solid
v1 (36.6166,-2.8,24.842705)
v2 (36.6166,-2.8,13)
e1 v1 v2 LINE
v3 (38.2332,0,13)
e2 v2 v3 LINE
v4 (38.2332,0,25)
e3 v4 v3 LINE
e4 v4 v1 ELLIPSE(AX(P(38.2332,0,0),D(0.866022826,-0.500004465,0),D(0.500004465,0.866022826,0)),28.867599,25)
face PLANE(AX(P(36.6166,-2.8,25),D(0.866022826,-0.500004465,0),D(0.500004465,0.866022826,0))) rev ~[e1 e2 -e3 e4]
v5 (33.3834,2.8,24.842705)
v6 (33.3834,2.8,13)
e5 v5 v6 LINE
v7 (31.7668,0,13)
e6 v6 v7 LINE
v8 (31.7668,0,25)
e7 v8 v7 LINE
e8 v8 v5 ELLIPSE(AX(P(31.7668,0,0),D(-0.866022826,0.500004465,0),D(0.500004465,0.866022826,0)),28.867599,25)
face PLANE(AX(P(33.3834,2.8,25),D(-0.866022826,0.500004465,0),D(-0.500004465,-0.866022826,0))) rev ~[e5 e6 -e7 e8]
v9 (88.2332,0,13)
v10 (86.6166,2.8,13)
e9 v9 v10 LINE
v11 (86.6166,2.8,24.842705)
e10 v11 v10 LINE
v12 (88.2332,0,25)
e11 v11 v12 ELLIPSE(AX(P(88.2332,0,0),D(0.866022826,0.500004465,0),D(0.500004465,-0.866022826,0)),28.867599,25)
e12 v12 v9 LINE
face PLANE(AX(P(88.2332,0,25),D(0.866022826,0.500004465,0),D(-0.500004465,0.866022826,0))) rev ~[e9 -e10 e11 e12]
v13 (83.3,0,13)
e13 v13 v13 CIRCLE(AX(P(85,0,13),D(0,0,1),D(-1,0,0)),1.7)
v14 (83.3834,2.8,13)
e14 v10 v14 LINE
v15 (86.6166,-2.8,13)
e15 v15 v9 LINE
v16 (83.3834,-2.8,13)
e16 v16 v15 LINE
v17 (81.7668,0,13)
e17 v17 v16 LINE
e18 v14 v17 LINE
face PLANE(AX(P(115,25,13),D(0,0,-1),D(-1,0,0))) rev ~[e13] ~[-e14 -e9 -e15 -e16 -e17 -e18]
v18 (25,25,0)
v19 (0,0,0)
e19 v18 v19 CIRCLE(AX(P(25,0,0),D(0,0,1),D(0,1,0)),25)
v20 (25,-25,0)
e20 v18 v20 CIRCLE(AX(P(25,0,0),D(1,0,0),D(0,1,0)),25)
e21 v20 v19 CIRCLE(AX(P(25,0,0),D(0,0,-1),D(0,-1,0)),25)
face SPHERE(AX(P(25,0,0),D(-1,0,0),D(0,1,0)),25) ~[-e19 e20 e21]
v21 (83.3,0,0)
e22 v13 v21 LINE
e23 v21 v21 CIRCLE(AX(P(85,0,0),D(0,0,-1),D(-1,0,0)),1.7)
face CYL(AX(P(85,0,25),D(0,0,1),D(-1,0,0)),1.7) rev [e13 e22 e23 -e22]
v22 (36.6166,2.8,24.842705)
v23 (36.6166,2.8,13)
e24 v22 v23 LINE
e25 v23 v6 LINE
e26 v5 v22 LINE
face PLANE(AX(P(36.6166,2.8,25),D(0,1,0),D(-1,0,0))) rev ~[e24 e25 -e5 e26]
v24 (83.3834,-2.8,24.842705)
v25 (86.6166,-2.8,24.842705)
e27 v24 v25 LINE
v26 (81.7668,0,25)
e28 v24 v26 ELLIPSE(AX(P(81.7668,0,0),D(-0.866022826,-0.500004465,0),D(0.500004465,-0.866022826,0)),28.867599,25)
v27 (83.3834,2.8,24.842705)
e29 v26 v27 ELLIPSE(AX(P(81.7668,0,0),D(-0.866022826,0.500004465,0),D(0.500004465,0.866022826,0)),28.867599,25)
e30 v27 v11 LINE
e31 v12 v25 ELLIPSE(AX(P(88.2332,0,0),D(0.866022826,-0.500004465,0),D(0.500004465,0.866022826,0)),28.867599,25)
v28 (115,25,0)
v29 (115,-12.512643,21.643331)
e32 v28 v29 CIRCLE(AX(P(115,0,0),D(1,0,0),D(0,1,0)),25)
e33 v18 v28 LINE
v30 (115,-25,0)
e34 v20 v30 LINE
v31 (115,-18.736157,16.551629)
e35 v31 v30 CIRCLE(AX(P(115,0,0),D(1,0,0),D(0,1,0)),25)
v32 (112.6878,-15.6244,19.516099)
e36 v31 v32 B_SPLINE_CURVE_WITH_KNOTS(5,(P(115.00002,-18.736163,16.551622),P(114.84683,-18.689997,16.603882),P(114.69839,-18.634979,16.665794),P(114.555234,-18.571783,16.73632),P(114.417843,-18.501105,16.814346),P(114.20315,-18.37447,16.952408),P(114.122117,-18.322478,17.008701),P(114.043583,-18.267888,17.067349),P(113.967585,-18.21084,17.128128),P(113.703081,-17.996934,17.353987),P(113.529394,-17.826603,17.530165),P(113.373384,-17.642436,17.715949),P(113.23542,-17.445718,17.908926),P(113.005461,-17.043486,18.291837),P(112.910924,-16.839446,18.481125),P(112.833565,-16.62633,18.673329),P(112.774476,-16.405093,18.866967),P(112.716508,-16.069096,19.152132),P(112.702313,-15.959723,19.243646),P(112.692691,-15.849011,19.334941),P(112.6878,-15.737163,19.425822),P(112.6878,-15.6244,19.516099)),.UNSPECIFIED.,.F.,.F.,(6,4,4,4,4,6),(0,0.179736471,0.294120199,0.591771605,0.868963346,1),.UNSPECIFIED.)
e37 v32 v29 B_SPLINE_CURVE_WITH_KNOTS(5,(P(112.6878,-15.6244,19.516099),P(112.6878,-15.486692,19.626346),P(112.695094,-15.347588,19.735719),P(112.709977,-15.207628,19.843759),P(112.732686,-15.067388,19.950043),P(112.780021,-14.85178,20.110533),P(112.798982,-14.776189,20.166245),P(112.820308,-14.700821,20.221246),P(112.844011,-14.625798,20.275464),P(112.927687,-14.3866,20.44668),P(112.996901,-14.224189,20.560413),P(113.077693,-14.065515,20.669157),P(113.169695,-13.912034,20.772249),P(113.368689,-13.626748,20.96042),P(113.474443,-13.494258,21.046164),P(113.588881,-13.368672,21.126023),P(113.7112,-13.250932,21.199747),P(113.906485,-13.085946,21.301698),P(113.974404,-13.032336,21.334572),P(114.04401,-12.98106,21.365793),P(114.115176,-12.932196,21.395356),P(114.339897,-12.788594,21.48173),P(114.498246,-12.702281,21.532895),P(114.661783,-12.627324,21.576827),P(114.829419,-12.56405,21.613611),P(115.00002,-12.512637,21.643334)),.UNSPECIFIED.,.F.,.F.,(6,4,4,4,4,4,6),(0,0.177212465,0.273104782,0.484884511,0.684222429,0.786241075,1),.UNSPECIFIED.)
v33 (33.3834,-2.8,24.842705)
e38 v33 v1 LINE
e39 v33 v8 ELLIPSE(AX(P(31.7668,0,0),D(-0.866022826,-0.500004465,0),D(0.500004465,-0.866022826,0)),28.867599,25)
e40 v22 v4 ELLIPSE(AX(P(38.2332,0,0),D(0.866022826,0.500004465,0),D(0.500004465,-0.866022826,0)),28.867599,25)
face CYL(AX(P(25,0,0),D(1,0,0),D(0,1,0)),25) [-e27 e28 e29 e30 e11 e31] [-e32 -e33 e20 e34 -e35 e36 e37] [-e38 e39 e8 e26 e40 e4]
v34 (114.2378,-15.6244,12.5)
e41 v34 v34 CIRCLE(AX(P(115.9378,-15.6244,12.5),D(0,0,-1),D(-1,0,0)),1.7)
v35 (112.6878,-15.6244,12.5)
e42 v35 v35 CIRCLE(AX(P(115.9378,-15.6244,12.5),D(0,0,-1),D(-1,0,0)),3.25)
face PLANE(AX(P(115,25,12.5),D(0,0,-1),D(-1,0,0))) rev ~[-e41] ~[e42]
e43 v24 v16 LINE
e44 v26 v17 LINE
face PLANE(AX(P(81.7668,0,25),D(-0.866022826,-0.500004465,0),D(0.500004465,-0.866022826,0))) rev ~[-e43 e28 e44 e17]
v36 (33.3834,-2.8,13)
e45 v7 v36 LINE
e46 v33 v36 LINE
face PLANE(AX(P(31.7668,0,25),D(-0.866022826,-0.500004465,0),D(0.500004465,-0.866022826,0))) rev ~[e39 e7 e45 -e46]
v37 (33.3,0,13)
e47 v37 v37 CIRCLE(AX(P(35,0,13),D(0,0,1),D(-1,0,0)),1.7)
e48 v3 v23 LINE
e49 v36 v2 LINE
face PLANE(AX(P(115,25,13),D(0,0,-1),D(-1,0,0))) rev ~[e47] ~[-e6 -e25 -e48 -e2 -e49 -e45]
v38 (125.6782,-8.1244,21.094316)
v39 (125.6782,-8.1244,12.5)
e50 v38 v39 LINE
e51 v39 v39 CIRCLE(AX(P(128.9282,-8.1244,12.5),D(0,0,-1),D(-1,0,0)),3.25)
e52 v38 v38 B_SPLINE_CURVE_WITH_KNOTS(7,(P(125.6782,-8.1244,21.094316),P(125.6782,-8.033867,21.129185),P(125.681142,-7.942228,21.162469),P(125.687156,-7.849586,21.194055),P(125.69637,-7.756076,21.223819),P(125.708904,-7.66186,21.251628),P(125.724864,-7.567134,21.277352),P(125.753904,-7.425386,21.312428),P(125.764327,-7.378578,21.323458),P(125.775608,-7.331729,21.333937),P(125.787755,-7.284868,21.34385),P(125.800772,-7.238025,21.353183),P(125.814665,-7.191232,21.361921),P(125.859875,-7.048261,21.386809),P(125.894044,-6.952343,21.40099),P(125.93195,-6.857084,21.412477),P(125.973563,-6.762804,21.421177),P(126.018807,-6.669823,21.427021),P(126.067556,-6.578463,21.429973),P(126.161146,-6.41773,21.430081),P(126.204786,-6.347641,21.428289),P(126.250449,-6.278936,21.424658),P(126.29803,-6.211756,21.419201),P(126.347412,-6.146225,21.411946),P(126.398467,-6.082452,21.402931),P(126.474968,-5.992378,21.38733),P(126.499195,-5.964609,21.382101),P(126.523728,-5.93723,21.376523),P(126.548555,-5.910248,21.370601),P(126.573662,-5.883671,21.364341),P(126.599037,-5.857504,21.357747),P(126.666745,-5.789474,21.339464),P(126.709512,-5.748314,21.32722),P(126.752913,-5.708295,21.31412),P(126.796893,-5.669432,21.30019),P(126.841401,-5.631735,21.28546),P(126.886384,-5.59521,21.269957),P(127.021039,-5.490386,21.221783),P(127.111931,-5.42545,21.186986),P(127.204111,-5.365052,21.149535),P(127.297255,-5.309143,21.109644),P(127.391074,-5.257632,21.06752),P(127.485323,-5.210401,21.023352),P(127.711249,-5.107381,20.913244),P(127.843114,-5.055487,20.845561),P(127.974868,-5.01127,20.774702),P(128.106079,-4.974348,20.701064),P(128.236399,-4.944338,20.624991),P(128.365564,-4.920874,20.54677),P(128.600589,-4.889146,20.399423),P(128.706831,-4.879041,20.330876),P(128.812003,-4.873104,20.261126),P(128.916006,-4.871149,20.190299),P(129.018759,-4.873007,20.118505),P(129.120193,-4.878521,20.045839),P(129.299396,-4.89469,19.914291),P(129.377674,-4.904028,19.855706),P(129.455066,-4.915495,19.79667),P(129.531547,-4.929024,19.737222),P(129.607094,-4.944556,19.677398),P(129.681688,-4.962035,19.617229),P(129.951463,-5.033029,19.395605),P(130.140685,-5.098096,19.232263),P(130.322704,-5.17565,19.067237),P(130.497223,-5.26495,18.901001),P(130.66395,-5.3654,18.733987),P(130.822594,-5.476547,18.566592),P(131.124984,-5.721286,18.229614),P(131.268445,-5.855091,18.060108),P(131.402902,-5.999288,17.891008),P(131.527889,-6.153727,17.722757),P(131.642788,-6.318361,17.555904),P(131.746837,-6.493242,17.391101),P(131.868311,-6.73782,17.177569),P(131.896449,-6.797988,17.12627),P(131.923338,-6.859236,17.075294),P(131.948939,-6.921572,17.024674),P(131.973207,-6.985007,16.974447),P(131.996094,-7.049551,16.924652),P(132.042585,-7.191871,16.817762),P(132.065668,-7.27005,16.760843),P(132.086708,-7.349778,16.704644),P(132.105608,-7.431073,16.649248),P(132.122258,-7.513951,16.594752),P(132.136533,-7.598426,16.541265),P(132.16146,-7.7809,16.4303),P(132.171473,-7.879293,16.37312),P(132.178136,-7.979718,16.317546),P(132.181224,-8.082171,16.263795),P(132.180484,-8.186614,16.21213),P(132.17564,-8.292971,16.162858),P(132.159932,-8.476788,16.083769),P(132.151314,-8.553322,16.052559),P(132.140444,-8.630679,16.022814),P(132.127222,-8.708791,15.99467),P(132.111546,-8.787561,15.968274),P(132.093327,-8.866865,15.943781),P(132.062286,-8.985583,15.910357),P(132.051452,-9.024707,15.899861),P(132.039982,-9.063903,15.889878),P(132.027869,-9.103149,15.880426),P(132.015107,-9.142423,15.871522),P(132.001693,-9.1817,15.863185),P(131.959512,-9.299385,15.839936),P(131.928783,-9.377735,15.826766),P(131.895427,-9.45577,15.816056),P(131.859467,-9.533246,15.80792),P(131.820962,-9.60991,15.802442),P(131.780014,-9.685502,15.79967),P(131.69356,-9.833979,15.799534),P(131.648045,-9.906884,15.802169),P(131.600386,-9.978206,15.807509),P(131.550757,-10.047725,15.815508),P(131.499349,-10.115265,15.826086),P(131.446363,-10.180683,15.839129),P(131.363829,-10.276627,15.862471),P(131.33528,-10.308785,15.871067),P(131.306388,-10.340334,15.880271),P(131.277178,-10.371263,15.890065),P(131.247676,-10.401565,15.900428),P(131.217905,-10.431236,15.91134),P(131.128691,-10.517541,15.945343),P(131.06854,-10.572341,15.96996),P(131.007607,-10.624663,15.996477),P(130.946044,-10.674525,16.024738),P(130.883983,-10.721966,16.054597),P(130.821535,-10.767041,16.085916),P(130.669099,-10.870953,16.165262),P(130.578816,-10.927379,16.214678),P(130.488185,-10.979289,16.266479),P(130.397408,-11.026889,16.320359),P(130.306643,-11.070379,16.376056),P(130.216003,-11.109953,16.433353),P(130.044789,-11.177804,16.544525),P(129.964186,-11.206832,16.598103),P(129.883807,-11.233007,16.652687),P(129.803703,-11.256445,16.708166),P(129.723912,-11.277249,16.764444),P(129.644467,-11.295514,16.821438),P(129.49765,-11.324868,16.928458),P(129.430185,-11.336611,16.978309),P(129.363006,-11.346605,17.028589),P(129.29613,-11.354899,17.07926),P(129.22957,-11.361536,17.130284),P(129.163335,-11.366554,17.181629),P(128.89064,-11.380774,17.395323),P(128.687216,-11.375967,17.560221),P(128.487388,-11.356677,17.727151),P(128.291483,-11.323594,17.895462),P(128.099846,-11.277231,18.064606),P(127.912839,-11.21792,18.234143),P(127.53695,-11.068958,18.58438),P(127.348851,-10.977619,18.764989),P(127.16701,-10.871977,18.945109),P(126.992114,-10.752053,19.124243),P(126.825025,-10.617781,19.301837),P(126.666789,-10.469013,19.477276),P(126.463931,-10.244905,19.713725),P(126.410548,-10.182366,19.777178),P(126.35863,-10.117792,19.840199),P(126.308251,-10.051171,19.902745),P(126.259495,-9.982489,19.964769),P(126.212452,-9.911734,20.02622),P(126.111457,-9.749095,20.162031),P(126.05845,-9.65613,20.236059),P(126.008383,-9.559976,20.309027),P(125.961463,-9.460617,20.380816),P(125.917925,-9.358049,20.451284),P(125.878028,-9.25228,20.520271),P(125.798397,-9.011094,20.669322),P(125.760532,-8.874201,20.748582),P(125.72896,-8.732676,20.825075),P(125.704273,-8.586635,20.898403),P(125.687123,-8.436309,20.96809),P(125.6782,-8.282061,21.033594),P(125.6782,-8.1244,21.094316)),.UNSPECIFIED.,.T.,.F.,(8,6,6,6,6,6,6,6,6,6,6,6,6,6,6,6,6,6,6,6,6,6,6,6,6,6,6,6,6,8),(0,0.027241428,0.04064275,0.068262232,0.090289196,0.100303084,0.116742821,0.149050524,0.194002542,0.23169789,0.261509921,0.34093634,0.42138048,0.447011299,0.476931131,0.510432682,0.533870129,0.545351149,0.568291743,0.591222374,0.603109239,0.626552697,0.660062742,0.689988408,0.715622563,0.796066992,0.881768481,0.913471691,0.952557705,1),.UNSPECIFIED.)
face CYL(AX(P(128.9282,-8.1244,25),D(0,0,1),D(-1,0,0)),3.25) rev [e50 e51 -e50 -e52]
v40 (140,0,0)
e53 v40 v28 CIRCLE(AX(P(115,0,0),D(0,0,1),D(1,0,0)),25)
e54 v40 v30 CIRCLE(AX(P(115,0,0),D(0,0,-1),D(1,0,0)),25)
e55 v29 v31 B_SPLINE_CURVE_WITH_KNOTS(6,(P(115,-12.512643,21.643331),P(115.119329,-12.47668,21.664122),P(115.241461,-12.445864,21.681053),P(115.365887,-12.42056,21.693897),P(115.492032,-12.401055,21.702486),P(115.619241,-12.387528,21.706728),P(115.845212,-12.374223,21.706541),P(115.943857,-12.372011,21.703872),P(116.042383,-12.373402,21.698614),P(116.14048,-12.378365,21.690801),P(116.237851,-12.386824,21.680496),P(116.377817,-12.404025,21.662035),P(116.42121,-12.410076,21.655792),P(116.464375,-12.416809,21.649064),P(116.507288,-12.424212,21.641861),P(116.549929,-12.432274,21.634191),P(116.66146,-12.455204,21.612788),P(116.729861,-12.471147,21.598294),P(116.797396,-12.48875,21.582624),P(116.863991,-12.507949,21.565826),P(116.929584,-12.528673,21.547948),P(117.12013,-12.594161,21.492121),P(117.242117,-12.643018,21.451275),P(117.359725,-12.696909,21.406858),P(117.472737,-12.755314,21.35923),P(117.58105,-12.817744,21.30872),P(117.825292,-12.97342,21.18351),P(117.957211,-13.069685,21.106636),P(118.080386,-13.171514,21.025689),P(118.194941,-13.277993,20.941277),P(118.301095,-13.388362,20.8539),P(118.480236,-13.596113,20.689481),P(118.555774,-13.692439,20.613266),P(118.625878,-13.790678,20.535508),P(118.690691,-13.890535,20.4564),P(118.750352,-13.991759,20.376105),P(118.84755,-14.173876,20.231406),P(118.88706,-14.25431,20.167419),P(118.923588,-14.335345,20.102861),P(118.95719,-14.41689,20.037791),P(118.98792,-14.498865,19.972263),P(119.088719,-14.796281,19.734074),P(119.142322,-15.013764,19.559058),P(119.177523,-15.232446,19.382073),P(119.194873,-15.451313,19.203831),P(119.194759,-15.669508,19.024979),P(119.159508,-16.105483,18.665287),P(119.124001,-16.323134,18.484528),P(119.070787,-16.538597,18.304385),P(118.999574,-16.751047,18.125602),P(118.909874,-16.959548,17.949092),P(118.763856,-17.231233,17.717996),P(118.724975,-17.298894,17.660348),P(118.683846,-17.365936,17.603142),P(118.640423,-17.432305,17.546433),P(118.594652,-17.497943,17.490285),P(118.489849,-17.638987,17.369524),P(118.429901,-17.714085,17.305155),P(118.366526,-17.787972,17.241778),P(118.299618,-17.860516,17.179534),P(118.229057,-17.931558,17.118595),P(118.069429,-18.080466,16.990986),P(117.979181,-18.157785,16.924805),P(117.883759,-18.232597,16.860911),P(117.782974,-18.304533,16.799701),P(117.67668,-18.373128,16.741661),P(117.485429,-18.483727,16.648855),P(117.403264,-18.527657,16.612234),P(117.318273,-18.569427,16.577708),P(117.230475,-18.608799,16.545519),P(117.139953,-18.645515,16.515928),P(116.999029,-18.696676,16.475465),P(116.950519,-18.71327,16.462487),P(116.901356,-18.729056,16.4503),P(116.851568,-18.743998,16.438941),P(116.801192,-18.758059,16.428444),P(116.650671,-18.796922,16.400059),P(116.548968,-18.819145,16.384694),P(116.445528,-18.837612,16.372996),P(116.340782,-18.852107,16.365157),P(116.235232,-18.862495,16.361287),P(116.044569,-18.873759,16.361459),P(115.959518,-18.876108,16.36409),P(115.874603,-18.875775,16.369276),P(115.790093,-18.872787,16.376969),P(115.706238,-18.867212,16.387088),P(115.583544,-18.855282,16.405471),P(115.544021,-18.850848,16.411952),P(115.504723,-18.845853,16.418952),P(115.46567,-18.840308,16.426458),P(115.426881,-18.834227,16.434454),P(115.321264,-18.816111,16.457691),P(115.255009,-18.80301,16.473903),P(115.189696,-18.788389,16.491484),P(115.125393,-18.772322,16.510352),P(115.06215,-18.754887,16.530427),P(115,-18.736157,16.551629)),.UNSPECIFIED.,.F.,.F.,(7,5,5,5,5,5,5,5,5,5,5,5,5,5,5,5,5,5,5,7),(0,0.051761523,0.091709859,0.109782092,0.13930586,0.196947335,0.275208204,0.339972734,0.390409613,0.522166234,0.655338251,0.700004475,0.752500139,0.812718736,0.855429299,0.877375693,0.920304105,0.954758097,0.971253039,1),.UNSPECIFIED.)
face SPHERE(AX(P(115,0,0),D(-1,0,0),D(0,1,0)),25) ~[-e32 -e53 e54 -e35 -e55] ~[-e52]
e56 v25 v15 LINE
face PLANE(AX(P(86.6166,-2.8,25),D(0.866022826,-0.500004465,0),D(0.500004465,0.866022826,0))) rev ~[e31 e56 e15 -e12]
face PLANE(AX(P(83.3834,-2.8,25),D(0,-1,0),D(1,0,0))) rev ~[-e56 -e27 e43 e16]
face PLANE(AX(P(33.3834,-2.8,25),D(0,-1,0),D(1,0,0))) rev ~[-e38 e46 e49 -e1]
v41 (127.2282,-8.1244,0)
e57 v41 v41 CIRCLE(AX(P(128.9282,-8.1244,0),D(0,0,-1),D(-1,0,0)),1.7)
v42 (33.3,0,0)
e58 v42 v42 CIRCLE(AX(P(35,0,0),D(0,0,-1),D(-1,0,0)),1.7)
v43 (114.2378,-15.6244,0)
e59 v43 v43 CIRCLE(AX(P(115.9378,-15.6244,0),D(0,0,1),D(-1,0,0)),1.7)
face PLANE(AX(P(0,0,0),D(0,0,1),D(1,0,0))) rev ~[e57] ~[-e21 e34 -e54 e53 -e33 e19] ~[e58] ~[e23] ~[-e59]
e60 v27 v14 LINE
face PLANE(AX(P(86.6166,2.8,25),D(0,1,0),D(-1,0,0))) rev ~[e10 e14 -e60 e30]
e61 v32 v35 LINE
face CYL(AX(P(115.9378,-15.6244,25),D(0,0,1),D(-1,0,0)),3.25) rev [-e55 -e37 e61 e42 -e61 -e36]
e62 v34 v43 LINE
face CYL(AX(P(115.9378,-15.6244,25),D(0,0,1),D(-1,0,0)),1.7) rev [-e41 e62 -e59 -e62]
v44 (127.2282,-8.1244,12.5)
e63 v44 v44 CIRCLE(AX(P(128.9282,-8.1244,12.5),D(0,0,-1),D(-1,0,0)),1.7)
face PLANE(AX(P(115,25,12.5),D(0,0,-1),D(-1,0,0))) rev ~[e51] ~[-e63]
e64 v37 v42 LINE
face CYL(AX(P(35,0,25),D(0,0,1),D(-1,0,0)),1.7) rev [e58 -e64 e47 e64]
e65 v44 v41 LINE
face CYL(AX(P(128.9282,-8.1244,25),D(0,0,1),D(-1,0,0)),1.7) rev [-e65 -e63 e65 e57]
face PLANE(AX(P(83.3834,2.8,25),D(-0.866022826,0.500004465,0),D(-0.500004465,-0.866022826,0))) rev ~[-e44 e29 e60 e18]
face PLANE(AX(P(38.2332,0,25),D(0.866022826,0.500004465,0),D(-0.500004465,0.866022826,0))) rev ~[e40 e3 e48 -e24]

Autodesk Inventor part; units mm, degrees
ref_plane "Plan YZ" through (0, 0, 0) normal (1, 0, 0) x (0, 1, 0)
ref_plane "Plan XZ" through (0, 0, 0) normal (0, 1, 0) x (-1, 0, 0)
sketch "Esquisse1" plane through (0, 0, 0) normal (0, 0, 1) x (1, 0, 0)
  arc A0 (25, 25) -> (0, 0) centre (25, 0) ccw
  line L0 (25, 25) -> (115, 25)
  arc A1 (140, 0) -> (115, 25) centre (115, 0) ccw
  line L1 (0, 0) -> (140, 0)
  dimension "d0" = 90
  dimension "d1" = 25
revolve "Révolution1" add sketch "Esquisse1" angle 180 about axis through (0, 0, 0) along (1, 0, 0)
ref_plane "Plan de construction1" through (115, 25, 25) normal (0, 0, -1) x (-1, 0, 0)
sketch "Esquisse6" plane through (115, 25, 25) normal (0, 0, -1) x (-1, 0, 0)
  line L0 (76.7668, -25) -> (78.3834, -22.2)
  line L1 (78.3834, -22.2) -> (81.6166, -22.2)
  line L2 (81.6166, -22.2) -> (83.2332, -25)
  line L3 (83.2332, -25) -> (81.6166, -27.8)
  line L4 (81.6166, -27.8) -> (78.3834, -27.8)
  line L5 (78.3834, -27.8) -> (76.7668, -25)
  line L6 (90, 0) -> (90, -50) projected
  line L7 (26.7668, -25) -> (28.3834, -22.2)
  line L8 (28.3834, -22.2) -> (31.6166, -22.2)
  line L9 (31.6166, -22.2) -> (33.2332, -25)
  line L10 (33.2332, -25) -> (31.6166, -27.8)
  line L11 (31.6166, -27.8) -> (28.3834, -27.8)
  line L12 (28.3834, -27.8) -> (26.7668, -25)
  line L13 (30, -25) -> (26.7668, -25) construction
  line L14 (90, -25) -> (19.1163, -25) construction
  line L15 (80, -25) -> (76.7668, -25) construction
  point P0 (115, -25)
  dimension "d4" = 5.6
  dimension "d5" = 10
  dimension "d6" = 50
  dimension "d7" = 5.6
extrude "Extrusion1" cut sketch "Esquisse6" along normal blind 12
sketch "Esquisse7" plane through (115, 25, 25) normal (0, 0, -1) x (-1, 0, 0)
  circle A0 centre (80, -25) radius 3.2332 construction
  circle A1 centre (30, -25) radius 3.2332 construction
  circle A2 centre (80, -25) radius 1.7
  circle A3 centre (30, -25) radius 1.7
  point P0 (115, -25)
  point P1 (78.3834, -22.2)
  point P2 (28.3834, -22.2)
  point P3 (31.6166, -27.8)
  point P4 (28.3834, -27.8)
  point P5 (81.6166, -27.8)
  point P6 (78.3834, -27.8)
  dimension "d10" = 3.4
  dimension "d11" = 3.4
extrude "Extrusion2" cut sketch "Esquisse7" along normal blind 25
sketch "Esquisse8" plane through (115, 25, 25) normal (0, 0, -1) x (-1, 0, 0)
  line L0 (-0.0645, -24.9628) -> (-43.3013, 0) construction
  line L1 (-43.3013, 0) -> (-55.8013, -21.6506) construction
  line L2 (-55.8013, -21.6506) -> (9.1506, -59.1506) construction
  line L3 (9.1506, -59.1506) -> (21.6506, -37.5) construction
  line L4 (21.6506, -37.5) -> (-0.0645, -24.9628) construction
  arc A0 (0, 0) -> (0, -50) centre (0, -25) ccw projected
  line L5 (0, 0) -> (0, -50) projected
  line L6 (90, 0) -> (0, 0) projected
  line L7 (-13.9282, -33.1244) -> (-0.9378, -40.6244) construction
  circle A1 centre (-13.9282, -33.1244) radius 1.7
  circle A2 centre (-0.9378, -40.6244) radius 1.7
  point P0 (115, -25)
  dimension "d14" = 300
  dimension "d15" = 14
  dimension "d16" = 18
  dimension "d17" = 33
  dimension "d18" = 3.4
  dimension "d19" = 3.4
extrude "Extrusion3" cut sketch "Esquisse8" along normal blind 25 contours A2 L5 | L5 A2 | A1
sketch "Esquisse9" plane through (115, 25, 25) normal (0, 0, -1) x (-1, 0, 0)
  circle A0 centre (-13.9282, -33.1244) radius 3.25
  circle A1 centre (-0.9378, -40.6244) radius 3.25
  circle A2 centre (-13.9282, -33.1244) radius 1.7 projected
  circle A3 centre (-0.9378, -40.6244) radius 1.7 projected
  point P0 (115, -25)
  dimension "d22" = 6.5
  dimension "d23" = 6.5
extrude "Extrusion4" cut sketch "Esquisse9" along normal blind 12.5
equation "\"d7\" = d4"
equation "\"d11\" = d10"
equation "\"d19\" = d18"
equation "\"d23\" = d22"
properties part number "P1704_005_mainGaucheExterieur" material "PLA"
